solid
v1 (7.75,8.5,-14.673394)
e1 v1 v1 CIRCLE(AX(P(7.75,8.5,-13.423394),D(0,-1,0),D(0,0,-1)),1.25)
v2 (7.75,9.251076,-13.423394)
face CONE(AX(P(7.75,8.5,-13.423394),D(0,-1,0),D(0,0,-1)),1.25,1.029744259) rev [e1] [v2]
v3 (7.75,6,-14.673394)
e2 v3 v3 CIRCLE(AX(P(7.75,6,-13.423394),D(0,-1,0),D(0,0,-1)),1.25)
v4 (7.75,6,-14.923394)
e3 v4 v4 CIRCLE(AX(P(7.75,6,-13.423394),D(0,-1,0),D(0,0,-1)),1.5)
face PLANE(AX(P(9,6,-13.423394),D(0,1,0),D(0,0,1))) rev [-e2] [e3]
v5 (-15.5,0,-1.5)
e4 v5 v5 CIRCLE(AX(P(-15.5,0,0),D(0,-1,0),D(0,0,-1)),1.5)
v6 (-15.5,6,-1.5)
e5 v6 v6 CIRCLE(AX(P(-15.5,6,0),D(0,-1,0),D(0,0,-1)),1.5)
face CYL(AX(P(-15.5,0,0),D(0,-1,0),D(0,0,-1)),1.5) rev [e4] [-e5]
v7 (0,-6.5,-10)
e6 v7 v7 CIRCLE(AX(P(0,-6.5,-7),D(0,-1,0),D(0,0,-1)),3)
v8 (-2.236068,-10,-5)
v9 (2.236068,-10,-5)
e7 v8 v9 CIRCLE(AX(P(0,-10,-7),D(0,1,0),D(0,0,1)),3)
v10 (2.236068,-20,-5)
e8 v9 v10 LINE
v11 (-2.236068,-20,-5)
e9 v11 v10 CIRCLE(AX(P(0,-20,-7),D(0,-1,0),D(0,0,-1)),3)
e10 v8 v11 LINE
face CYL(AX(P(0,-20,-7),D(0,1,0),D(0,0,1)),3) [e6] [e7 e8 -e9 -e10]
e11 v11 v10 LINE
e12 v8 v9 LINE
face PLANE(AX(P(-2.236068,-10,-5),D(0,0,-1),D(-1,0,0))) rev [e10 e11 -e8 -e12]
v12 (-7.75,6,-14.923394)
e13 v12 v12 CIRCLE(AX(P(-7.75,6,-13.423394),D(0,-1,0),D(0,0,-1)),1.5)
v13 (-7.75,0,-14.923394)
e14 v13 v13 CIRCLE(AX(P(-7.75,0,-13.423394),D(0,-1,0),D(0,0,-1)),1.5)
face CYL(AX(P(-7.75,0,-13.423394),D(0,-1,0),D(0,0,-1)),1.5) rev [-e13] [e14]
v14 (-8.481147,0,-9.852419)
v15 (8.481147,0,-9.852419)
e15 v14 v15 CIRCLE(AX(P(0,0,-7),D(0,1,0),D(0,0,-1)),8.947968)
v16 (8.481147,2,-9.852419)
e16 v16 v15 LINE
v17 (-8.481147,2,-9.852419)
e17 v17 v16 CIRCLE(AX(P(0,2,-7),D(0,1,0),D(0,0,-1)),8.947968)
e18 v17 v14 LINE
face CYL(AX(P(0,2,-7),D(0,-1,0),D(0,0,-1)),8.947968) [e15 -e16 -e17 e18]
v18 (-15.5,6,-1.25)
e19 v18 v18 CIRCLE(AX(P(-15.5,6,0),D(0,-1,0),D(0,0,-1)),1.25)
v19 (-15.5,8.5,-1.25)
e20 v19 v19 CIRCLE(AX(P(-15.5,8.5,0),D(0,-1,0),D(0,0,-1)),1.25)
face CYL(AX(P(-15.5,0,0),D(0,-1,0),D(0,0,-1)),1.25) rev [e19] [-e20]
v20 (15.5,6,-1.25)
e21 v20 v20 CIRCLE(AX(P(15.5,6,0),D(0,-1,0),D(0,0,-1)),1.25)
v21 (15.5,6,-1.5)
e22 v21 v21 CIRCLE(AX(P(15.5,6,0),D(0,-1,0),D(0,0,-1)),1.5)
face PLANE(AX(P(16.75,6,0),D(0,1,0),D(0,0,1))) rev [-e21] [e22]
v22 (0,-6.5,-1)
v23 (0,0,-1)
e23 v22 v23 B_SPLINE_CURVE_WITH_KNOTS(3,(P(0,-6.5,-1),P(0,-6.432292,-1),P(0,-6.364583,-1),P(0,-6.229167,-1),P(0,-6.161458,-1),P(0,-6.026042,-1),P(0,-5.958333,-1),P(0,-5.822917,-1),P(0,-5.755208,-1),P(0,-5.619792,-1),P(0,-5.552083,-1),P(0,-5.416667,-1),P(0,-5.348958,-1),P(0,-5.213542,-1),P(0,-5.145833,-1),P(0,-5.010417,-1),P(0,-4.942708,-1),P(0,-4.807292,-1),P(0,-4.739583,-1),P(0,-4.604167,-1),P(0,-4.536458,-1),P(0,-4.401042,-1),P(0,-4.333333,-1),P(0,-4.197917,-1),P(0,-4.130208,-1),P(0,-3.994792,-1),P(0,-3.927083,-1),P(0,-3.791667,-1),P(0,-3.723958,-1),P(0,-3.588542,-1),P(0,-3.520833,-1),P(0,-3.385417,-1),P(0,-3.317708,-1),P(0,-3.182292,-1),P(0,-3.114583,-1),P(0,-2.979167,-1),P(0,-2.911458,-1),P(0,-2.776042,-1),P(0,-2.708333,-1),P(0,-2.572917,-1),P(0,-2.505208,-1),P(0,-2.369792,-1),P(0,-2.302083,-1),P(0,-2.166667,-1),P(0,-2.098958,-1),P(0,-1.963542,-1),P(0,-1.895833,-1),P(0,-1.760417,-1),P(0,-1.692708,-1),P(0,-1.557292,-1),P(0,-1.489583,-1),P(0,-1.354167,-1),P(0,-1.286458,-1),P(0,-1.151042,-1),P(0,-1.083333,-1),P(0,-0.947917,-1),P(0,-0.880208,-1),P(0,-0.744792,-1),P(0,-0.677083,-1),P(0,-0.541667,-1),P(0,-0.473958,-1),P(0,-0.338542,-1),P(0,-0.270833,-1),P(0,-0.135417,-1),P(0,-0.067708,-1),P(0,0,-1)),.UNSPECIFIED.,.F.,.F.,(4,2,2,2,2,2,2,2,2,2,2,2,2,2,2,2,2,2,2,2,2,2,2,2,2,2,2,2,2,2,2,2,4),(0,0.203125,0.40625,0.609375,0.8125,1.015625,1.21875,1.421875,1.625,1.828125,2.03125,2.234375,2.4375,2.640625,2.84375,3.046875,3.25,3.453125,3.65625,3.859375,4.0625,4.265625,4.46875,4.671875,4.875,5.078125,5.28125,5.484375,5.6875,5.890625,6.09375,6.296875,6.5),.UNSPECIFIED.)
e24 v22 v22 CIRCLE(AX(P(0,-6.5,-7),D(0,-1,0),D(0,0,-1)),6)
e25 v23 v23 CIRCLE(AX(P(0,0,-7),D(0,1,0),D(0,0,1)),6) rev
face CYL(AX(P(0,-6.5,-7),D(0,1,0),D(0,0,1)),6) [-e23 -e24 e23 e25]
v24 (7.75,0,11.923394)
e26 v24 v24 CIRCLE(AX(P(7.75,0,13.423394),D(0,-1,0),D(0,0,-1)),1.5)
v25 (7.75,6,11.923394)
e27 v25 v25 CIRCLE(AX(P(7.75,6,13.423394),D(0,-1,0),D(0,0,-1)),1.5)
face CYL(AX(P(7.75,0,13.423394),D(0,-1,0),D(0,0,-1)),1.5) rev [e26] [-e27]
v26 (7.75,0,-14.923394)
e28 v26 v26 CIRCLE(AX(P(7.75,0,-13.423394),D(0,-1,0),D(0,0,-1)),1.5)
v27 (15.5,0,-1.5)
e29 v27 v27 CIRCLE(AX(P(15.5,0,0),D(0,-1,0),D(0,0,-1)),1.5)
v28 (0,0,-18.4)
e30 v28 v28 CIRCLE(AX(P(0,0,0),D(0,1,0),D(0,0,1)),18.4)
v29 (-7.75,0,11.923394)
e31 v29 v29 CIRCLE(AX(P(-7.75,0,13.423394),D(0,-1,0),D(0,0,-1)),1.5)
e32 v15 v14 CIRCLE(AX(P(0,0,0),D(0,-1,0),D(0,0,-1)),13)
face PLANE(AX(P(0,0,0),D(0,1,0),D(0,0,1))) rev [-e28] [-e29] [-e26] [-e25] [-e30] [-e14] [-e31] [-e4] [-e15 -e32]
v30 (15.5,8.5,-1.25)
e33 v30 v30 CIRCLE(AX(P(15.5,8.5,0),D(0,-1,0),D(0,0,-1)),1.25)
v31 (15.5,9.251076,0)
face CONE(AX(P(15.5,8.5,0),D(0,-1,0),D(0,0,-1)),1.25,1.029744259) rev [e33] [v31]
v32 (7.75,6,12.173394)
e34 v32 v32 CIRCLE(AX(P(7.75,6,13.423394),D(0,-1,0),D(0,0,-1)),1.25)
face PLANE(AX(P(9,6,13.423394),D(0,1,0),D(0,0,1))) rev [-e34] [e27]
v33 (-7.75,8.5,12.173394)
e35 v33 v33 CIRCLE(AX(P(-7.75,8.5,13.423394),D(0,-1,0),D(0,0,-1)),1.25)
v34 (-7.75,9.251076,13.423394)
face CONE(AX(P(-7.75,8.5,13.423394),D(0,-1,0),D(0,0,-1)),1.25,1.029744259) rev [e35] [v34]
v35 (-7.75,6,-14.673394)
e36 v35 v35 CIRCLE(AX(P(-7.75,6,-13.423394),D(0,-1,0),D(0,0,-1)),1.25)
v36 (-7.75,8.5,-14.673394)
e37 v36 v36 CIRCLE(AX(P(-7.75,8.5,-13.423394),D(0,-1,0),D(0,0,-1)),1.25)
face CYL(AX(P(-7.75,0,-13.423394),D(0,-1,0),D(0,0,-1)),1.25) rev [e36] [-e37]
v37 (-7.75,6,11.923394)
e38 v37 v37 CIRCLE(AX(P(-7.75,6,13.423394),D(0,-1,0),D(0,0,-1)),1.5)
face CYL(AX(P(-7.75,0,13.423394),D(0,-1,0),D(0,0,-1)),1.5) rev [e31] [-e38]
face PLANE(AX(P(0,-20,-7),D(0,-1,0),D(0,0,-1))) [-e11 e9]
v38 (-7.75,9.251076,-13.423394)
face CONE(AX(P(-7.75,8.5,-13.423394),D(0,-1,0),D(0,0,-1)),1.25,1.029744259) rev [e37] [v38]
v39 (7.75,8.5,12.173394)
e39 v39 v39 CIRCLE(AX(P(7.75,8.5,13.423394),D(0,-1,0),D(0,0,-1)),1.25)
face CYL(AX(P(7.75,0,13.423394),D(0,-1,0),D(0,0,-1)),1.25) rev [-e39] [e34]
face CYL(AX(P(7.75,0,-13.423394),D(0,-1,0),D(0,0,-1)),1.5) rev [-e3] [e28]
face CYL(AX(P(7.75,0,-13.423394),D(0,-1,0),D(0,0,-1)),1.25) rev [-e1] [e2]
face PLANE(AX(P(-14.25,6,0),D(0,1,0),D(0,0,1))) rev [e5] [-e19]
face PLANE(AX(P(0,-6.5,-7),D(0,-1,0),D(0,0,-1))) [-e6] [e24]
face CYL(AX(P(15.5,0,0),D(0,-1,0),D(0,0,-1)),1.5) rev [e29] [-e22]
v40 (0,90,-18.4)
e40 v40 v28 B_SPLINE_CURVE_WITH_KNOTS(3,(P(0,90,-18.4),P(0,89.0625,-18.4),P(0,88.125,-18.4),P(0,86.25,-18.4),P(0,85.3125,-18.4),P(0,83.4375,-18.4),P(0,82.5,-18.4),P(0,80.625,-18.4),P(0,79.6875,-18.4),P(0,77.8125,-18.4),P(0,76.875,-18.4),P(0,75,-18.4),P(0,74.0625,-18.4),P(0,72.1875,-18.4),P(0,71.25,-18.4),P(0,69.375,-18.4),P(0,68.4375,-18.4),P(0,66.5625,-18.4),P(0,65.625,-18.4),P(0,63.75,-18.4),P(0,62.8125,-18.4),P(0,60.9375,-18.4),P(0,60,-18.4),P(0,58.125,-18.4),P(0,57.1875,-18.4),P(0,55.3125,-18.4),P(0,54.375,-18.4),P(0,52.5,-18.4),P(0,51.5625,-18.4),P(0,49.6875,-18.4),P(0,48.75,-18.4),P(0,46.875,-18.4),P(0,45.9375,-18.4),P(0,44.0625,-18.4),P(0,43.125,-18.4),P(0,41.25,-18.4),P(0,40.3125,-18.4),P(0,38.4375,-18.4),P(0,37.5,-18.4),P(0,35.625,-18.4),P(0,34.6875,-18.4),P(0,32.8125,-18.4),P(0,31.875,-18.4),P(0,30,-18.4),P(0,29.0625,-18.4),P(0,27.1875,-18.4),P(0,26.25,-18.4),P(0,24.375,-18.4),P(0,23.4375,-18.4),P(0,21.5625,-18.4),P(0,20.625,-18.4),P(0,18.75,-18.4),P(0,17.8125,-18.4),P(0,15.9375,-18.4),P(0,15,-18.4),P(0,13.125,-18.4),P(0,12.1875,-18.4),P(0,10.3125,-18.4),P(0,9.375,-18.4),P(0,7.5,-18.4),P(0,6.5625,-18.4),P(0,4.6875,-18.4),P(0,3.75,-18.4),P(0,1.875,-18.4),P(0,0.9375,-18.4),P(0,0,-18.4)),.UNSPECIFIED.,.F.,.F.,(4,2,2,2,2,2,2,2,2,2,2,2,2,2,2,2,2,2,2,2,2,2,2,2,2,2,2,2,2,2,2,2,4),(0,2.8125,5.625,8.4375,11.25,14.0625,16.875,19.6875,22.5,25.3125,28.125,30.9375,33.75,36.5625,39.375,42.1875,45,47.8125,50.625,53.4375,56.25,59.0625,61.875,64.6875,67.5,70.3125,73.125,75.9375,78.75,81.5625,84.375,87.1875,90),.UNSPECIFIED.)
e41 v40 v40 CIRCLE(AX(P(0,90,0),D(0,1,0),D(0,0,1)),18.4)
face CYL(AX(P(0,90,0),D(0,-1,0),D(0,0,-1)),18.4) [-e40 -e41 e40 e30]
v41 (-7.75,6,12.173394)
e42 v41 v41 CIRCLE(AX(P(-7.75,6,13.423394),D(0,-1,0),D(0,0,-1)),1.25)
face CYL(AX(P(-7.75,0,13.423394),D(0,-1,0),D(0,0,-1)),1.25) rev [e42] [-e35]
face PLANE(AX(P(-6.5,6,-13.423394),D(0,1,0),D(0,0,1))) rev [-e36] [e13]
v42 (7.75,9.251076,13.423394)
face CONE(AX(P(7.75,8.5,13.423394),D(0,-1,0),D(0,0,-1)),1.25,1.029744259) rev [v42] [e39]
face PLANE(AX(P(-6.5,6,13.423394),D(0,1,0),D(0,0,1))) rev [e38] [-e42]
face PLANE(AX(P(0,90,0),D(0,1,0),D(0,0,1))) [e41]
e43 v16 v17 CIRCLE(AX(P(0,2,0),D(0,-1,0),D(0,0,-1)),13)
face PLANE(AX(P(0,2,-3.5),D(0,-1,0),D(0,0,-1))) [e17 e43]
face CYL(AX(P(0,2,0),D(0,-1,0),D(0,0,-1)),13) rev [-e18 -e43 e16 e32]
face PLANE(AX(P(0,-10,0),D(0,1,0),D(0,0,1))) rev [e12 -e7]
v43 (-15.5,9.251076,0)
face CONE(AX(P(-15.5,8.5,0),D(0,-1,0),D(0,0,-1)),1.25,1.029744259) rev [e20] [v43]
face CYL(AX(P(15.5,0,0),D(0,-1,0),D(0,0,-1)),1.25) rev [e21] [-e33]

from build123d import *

# Parameters (mm, degrees)
CROQUIS1_R                          = 18.4
SALIENTE_EXTRUIR1_DEPTH             = 90
CROQUIS2_R                          = 3
SALIENTE_EXTRUIR2_DEPTH             = 20
TALADRO_ROSCADO_M3X0_51_D           = 2.5
TALADRO_ROSCADO_M3X0_51_DEPTH       = 8.5
TALADRO_ROSCADO_M3X0_51_CBORE_D     = 3
TALADRO_ROSCADO_M3X0_51_CBORE_DEPTH = 6
TALADRO_ROSCADO_M3X0_51_TIP         = 0.751075774
CROQUIS7_R                          = 6
SALIENTE_EXTRUIR3_DEPTH             = 6.5
CORTAR_EXTRUIR1_DEPTH               = 2
CROQUIS9_W                          = 4.472135954
CROQUIS9_H                          = 10.231682496
CORTAR_EXTRUIR2_DEPTH               = 10


with BuildPart() as part:
    # Croquis1 → Saliente-Extruir1 (new body)
    with BuildSketch(Plane(origin=(0, 0, 0), x_dir=(1, 0, 0), z_dir=(0, 1, 0))):
        with Locations(Location((0, 0, 0), (0, 0, 90))):
            Circle(CROQUIS1_R)
    extrude(amount=SALIENTE_EXTRUIR1_DEPTH)

    # Croquis2 → Saliente-Extruir2 (add)
    with BuildSketch(Plane(origin=(0, 0, 0), x_dir=(-1, 0, 0), z_dir=(0, -1, 0))):
        with Locations(Location((0, 7, 0), (0, 0, 270))):
            Circle(CROQUIS2_R)
    extrude(amount=SALIENTE_EXTRUIR2_DEPTH)

    # Taladro roscado M3x0.51
    with Locations(Plane(origin=(0, 0, 0), x_dir=(-1, 0, 0), z_dir=(0, -1, 0))):
        with Locations((-7.75, -13.423393759), (-15.5, 0), (-7.75, 13.423393759), (7.75, 13.423393759), (15.5, 0), (7.75, -13.423393759)):
            CounterBoreHole(TALADRO_ROSCADO_M3X0_51_D / 2, TALADRO_ROSCADO_M3X0_51_CBORE_D / 2, TALADRO_ROSCADO_M3X0_51_CBORE_DEPTH, depth=TALADRO_ROSCADO_M3X0_51_DEPTH)
            with Locations((0, 0, -(TALADRO_ROSCADO_M3X0_51_DEPTH + TALADRO_ROSCADO_M3X0_51_TIP / 2))):  # 118° drill point
                Cone(0, TALADRO_ROSCADO_M3X0_51_D / 2, TALADRO_ROSCADO_M3X0_51_TIP, mode=Mode.SUBTRACT)

    # Croquis7 → Saliente-Extruir3 (add)
    with BuildSketch(Plane(origin=(0, 0, 0), x_dir=(-1, 0, 0), z_dir=(0, -1, 0))):
        with Locations(Location((0, 7, 0), (0, 0, 270))):
            Circle(CROQUIS7_R)
    extrude(amount=SALIENTE_EXTRUIR3_DEPTH)

    # Croquis8 → Cortar-Extruir1 (cut)
    with BuildSketch(Plane(origin=(0, 0, 0), x_dir=(-1, 0, 0), z_dir=(0, -1, 0))):
        with BuildLine():
            ThreePointArc((-8.481146613, 9.852418593), (0, -13), (8.481146613, 9.852418593))
            ThreePointArc((8.481146613, 9.852418593), (0, -1.947968468), (-8.481146613, 9.852418593))
        make_face()
    extrude(amount=-CORTAR_EXTRUIR1_DEPTH, mode=Mode.SUBTRACT)

    # Croquis9 → Cortar-Extruir2 (cut)
    with BuildSketch(Plane.XZ.offset(20)):
        with Locations((0, 0.115841248)):
            Rectangle(CROQUIS9_W, CROQUIS9_H)
    extrude(amount=-CORTAR_EXTRUIR2_DEPTH, mode=Mode.SUBTRACT)


solid = part.part
